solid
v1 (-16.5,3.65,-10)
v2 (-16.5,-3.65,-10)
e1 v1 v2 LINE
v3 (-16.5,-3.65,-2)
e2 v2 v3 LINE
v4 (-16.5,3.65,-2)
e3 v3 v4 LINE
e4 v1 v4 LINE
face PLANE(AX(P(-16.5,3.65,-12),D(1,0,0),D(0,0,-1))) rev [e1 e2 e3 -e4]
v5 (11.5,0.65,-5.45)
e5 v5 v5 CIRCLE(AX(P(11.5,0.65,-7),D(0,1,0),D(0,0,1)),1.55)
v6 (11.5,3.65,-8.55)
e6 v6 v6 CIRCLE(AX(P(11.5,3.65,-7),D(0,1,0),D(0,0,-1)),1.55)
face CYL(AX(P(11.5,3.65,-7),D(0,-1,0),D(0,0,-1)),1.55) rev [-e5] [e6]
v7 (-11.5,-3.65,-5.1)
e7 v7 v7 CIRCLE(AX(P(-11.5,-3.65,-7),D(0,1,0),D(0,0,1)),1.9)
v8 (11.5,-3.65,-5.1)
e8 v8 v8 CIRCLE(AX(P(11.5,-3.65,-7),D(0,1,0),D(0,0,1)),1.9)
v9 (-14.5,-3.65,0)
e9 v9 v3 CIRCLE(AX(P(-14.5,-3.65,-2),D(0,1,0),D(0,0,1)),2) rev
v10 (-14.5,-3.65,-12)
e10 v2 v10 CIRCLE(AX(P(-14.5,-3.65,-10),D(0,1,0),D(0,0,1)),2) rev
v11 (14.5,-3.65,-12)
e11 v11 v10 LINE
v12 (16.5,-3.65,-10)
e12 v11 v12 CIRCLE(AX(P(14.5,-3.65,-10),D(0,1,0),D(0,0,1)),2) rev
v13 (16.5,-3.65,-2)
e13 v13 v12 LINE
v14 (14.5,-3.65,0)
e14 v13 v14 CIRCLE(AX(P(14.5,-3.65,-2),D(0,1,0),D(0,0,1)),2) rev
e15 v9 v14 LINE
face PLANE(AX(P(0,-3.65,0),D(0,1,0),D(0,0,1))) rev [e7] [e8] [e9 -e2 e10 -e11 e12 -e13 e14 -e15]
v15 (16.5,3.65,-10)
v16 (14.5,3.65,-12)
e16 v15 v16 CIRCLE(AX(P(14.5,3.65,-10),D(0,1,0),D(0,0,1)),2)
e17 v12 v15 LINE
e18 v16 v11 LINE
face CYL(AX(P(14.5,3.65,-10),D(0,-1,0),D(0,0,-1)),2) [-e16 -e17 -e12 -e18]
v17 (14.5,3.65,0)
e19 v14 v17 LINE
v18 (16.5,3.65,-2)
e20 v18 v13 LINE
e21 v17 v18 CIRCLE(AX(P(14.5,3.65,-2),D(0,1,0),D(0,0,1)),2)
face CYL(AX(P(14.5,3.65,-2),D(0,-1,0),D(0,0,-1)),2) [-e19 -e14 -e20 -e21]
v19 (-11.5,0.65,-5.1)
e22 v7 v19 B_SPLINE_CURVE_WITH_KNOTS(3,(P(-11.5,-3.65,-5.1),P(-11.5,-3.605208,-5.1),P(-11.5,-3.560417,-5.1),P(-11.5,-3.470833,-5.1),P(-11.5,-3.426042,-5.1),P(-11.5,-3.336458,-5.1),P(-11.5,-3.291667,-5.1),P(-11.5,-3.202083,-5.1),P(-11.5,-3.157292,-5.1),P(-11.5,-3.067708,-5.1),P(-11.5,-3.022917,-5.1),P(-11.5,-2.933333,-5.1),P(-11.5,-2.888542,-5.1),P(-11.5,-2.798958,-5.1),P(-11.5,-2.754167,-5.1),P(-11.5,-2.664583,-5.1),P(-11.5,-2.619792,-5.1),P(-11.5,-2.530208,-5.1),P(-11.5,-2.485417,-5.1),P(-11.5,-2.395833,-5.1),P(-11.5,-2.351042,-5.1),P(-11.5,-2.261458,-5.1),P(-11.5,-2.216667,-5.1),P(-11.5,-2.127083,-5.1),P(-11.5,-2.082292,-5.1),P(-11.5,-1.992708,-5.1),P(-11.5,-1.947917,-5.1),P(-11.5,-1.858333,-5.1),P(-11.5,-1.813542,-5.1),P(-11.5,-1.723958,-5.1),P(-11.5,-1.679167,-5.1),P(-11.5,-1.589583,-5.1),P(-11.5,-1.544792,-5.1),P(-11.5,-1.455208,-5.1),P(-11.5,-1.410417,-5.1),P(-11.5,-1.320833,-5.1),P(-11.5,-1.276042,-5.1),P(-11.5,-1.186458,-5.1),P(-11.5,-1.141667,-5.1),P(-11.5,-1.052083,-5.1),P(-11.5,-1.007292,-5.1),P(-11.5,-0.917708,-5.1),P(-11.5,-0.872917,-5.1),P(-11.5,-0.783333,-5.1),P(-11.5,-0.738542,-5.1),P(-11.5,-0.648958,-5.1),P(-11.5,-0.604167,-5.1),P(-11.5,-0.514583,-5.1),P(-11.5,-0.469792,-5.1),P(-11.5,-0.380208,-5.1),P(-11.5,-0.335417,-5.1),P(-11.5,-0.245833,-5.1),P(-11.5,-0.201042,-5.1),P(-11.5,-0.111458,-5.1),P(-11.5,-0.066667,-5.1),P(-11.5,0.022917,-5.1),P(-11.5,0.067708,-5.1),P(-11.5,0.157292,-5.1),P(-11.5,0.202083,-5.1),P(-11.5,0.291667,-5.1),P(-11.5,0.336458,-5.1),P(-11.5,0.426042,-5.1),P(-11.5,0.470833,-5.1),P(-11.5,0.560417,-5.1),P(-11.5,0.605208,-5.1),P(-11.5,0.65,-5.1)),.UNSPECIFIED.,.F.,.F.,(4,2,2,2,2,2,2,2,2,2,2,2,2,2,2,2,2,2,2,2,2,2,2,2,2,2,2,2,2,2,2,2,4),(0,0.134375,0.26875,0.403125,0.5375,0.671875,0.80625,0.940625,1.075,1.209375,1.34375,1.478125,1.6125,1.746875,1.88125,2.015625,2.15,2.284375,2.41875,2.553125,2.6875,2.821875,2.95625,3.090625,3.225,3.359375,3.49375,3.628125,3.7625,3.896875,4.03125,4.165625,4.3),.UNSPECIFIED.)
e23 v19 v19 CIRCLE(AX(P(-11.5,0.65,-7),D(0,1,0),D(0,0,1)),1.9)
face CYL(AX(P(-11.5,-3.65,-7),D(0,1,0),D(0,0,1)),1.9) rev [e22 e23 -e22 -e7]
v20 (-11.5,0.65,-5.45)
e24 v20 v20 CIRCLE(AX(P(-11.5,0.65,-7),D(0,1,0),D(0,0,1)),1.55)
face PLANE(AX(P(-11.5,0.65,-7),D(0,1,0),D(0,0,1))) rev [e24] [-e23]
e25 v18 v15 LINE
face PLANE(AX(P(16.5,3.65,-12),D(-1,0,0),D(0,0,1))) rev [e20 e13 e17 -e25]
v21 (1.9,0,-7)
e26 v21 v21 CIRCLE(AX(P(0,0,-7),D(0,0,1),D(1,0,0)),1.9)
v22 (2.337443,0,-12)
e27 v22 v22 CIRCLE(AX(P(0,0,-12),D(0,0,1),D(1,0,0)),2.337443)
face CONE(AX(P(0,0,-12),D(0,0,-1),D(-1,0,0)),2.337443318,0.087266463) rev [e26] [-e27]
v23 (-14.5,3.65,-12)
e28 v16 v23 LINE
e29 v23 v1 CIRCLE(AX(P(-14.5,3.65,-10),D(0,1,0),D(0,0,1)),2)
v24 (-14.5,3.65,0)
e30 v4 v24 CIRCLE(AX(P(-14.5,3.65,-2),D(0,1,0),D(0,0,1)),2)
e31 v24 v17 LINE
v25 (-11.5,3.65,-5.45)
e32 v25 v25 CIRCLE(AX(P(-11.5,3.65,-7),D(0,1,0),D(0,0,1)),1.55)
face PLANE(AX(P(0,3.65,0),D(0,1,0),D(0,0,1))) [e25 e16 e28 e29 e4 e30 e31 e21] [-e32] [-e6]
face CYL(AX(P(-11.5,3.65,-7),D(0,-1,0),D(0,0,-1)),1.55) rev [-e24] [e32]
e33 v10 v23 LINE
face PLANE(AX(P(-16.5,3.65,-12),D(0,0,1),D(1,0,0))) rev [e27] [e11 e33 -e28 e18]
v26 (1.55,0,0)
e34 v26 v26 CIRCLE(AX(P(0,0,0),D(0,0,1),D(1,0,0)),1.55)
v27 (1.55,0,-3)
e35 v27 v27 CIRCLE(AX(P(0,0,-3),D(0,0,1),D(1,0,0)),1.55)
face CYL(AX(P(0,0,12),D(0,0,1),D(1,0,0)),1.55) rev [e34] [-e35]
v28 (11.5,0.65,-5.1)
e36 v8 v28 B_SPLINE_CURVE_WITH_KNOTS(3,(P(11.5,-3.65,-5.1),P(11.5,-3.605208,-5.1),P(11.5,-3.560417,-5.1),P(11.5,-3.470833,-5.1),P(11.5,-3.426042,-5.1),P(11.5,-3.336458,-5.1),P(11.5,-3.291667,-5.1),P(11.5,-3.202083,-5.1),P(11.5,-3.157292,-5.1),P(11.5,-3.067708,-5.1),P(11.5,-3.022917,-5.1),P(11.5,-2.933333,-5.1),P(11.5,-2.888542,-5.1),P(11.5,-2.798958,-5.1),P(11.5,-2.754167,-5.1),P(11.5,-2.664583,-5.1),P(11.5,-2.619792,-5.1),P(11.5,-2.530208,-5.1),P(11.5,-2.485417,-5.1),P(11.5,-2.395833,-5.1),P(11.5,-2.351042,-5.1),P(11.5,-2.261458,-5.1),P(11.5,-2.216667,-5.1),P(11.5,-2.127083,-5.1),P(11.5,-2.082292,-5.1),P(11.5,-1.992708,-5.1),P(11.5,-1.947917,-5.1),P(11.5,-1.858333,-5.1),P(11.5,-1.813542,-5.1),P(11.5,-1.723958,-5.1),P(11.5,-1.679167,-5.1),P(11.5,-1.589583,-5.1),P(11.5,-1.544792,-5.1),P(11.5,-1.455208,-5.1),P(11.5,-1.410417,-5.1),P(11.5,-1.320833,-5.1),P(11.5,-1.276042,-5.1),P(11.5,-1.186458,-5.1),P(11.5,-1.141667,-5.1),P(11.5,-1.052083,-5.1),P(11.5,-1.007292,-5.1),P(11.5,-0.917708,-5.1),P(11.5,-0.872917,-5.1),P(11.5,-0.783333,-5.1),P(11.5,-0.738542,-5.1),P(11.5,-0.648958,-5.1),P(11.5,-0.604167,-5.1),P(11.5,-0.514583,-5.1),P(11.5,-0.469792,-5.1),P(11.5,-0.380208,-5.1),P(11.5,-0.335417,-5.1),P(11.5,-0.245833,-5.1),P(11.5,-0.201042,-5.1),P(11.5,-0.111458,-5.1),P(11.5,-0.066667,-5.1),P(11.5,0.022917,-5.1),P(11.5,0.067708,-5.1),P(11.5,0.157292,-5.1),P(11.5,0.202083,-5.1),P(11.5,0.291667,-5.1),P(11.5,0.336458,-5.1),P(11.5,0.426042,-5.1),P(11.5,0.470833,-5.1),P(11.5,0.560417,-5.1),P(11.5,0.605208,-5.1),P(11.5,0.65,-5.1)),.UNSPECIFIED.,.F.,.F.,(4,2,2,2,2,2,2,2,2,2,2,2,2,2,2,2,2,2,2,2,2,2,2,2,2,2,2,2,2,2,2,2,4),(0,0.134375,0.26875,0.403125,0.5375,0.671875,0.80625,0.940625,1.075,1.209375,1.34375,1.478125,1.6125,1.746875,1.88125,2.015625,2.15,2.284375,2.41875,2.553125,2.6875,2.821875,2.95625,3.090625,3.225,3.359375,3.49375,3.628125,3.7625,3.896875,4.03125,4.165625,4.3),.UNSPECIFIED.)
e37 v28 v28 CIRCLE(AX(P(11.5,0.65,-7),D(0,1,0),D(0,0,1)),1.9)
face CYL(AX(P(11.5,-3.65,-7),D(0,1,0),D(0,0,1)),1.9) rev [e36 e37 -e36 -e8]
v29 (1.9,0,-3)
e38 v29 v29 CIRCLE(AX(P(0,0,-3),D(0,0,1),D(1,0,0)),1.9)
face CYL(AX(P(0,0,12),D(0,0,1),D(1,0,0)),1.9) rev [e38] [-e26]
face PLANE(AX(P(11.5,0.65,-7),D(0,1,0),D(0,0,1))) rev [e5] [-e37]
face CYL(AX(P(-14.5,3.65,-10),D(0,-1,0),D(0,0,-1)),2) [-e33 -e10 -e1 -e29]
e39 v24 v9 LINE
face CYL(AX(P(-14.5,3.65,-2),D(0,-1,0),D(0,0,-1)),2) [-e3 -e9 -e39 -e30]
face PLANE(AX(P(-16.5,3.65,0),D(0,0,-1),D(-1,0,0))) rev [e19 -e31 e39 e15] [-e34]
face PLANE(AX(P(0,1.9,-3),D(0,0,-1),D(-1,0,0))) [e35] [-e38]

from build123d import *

# Parameters (mm, degrees)
ESQUISSE1_W             = 33
ESQUISSE1_H             = 12
ESQUISSE1_R             = 1.55
BOSS_EXTRU_1_DEPTH      = 3.65
ENL_V_START             = -3
ESQUISSE5_R             = 1.9
ENL_V_MAT_EXTRU_3_DEPTH = 19.668871683
CONG_1_R                = 2


with BuildPart() as part:
    # Esquisse1 → Boss.-Extru.1 (new, symmetric)
    with BuildSketch(Plane(origin=(0, 0, 0), x_dir=(1, 0, 0), z_dir=(0, 1, 0))):
        with Locations((0, 6)):
            Rectangle(ESQUISSE1_W, ESQUISSE1_H)
        with Locations(Location((-11.5, 7, 0), (0, 0, 270))):
            Circle(ESQUISSE1_R, mode=Mode.SUBTRACT)
        with Locations(Location((11.5, 7, 0), (0, 0, 90))):
            Circle(ESQUISSE1_R, mode=Mode.SUBTRACT)
    extrude(amount=BOSS_EXTRU_1_DEPTH, both=True)

    # Esquisse4 → Enlèvement de matière-Révolution1 (revolve, cut)
    with BuildSketch(Plane(origin=(0, 0, 0), x_dir=(0, 0, -1), z_dir=(1, 0, 0)), mode=Mode.PRIVATE) as enl_vement_de_mati_re_r_volution1_sk:
        Polygon((0, 0), (12, 0), (12, 2.337443318), (7, 1.9), (3, 1.9), (3, 1.55), (0, 1.55), align=None)
    revolve(enl_vement_de_mati_re_r_volution1_sk.sketch.rotate(Axis((0, 0, 12), (0, 0, -1)), 90), axis=Axis((0, 0, 12), (0, 0, -1)), mode=Mode.SUBTRACT)

    # Esquisse5 → Enlèv. mat.-Extru.3 (cut, through all)
    with BuildSketch(Plane(origin=(0, 3.65, 0), x_dir=(1, 0, 0), z_dir=(0, 1, 0)).offset(ENL_V_START)):
        with Locations(Location((-11.5, 7, 0), (0, 0, 270))):
            Circle(ESQUISSE5_R)
        with Locations(Location((11.5, 7, 0), (0, 0, 270))):
            Circle(ESQUISSE5_R)
    extrude(amount=-ENL_V_MAT_EXTRU_3_DEPTH, mode=Mode.SUBTRACT)

    # Congé1
    cong_1_edges = [part.edges().sort_by_distance(p)[0] for p in [
        (-16.5, 0, -12),
        (16.5, 0, -12),
        (16.5, 0, 0),
        (-16.5, 0, 0),
    ]]
    fillet(cong_1_edges, radius=CONG_1_R)


solid = part.part
